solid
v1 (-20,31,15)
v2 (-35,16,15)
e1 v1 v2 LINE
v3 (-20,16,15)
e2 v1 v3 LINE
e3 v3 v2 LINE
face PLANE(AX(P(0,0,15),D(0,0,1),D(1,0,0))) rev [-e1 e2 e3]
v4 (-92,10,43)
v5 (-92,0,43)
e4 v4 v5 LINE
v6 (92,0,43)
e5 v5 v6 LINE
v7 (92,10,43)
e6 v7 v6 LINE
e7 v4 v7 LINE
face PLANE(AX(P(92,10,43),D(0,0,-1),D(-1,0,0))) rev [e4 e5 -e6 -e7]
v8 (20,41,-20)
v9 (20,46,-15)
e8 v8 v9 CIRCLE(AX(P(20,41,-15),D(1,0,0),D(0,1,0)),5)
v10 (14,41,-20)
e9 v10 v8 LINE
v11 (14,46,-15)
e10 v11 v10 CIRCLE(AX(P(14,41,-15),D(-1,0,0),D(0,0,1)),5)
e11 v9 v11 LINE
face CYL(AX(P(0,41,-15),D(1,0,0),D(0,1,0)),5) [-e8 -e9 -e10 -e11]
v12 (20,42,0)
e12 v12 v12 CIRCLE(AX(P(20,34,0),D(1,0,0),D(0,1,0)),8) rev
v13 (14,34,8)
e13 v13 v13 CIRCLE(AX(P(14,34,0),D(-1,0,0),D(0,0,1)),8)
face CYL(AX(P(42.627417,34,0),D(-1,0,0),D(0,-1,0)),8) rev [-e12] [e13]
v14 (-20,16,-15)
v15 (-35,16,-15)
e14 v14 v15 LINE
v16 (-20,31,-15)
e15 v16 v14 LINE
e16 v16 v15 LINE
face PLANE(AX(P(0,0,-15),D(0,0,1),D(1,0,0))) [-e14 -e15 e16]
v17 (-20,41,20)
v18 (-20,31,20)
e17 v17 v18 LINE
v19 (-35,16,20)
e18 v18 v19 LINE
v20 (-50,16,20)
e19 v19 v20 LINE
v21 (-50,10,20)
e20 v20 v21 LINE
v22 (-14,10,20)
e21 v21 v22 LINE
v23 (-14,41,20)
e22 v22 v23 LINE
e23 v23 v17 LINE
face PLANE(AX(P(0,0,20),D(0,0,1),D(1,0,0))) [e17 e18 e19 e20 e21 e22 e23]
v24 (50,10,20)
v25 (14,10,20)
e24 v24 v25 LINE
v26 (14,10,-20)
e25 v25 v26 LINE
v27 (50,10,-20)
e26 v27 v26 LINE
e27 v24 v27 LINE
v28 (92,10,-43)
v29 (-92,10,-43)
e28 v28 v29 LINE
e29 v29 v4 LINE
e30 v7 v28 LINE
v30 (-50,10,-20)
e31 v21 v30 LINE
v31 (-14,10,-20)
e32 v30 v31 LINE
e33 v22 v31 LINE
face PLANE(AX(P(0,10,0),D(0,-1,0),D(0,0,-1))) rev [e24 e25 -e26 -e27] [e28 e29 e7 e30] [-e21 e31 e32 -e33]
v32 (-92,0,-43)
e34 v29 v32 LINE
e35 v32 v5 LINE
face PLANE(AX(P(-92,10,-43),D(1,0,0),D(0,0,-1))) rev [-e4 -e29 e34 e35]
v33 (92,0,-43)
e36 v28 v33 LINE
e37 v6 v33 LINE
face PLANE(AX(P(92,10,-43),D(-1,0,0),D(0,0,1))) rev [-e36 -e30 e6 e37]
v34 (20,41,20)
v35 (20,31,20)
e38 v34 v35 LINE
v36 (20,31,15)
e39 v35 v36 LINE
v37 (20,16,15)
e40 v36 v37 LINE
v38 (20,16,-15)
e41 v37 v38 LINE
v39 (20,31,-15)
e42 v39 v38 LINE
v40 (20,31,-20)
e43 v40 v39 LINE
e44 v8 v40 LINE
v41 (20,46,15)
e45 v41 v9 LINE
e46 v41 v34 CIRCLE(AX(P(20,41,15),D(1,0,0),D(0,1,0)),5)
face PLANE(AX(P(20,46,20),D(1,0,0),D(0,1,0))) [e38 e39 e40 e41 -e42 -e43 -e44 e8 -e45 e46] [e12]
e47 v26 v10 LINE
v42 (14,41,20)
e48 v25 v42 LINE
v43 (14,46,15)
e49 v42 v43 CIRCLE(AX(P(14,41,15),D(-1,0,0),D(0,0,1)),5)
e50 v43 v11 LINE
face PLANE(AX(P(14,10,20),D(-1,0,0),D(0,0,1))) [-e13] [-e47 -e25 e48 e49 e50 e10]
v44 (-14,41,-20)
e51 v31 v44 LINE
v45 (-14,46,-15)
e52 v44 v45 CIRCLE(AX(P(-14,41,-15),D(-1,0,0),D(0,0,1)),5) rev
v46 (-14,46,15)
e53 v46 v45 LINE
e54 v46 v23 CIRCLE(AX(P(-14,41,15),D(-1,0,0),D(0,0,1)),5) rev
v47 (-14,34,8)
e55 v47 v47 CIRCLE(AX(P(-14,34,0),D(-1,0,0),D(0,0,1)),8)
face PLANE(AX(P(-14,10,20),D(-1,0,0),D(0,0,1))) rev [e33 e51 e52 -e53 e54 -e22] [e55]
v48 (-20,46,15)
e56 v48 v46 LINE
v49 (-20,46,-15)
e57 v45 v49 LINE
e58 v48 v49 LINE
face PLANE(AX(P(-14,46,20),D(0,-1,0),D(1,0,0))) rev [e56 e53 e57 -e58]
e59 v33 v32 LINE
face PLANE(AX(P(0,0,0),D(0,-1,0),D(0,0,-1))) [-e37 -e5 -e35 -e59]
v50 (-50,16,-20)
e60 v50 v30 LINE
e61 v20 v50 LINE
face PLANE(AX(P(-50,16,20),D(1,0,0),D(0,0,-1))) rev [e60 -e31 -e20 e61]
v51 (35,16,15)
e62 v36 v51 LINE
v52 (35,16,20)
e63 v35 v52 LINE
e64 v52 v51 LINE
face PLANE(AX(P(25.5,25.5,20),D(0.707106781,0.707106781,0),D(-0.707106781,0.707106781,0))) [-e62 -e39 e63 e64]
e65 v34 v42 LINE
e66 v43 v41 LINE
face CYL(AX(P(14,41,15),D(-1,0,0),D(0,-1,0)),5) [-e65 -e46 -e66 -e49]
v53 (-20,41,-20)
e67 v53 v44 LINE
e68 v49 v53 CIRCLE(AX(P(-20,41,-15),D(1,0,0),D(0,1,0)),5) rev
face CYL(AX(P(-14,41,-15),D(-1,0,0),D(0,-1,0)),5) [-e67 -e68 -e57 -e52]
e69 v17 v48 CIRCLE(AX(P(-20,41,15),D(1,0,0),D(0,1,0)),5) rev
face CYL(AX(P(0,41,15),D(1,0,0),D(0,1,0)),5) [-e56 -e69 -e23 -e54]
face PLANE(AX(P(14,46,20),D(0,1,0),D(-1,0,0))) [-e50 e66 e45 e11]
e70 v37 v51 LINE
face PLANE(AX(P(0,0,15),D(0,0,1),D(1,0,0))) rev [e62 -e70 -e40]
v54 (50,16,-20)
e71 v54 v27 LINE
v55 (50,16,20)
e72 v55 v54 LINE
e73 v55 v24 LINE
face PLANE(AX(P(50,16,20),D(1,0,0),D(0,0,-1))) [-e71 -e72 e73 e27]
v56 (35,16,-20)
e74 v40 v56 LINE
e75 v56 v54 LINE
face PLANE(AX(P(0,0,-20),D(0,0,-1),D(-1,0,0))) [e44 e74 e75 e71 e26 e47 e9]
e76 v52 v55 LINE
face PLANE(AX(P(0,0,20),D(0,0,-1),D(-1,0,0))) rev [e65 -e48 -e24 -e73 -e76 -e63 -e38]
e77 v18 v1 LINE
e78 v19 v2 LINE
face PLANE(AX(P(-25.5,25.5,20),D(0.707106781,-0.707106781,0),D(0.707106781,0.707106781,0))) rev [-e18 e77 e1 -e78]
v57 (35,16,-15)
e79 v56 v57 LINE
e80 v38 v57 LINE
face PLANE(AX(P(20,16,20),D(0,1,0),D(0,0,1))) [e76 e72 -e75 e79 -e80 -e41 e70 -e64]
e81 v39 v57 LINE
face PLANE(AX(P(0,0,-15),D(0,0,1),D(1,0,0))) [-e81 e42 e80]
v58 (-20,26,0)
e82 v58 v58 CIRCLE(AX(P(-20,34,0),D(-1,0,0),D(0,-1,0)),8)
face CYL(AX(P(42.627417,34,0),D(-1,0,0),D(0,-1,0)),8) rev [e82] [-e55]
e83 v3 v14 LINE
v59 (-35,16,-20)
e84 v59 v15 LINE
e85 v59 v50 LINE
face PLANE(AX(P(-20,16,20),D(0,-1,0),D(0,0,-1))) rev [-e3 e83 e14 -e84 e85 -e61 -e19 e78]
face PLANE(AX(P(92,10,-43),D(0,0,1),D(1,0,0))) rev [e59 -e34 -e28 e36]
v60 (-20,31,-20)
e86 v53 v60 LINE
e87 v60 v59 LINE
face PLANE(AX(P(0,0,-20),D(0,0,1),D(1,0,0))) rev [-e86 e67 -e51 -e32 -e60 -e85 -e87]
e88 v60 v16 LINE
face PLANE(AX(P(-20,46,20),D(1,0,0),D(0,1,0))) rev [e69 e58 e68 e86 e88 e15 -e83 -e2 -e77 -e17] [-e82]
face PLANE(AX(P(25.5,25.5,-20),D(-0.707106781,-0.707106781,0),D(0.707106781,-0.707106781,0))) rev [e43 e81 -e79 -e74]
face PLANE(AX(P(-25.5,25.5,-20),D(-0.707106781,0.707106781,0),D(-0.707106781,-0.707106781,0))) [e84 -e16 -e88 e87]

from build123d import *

# Parameters (mm, degrees)
SKETCH1_W           = 184
SKETCH1_H           = 86
PLATE_DEPTH         = 10
BOSS_EXTRUDE1_DEPTH = 20
BOSS_EXTRUDE2_START = 15
BOSS_EXTRUDE2_DEPTH = 5
BOSS_EXTRUDE3_START = -15
BOSS_EXTRUDE3_DEPTH = 5
SKETCH3_R           = 8
CUT_EXTRUDE1_DEPTH  = 40
FILLET1_R           = 5


with BuildPart() as part:
    # Sketch1 → plate (new body)
    with BuildSketch(Plane(origin=(0, 0, 0), x_dir=(1, 0, 0), z_dir=(0, 1, 0))):
        Rectangle(SKETCH1_W, SKETCH1_H)
    extrude(amount=PLATE_DEPTH)

    # Sketch2 → Boss-Extrude1 (add, symmetric)
    with BuildSketch(Plane.XY):
        Polygon((-14, 10), (-14, 46), (-20, 46), (-20, 16), (-50, 16), (-50, 10), align=None)
        Polygon((50, 16), (50, 10), (14, 10), (14, 46), (20, 46), (20, 16), align=None)
    extrude(amount=BOSS_EXTRUDE1_DEPTH, both=True)

    # Sketch2<3> → Boss-Extrude2 (add)
    with BuildSketch(Plane.XY.offset(BOSS_EXTRUDE2_START)):
        Polygon((-20, 16), (-20, 31), (-35, 16), align=None)
        Polygon((35, 16), (20, 31), (20, 16), align=None)
    extrude(amount=BOSS_EXTRUDE2_DEPTH)

    # Sketch2<4> → Boss-Extrude3 (add)
    with BuildSketch(Plane.XY.offset(BOSS_EXTRUDE3_START)):
        Polygon((-20, 16), (-20, 31), (-35, 16), align=None)
        Polygon((35, 16), (20, 31), (20, 16), align=None)
    extrude(amount=-BOSS_EXTRUDE3_DEPTH)

    # Sketch3 → Cut-Extrude1 (cut)
    with BuildSketch(Plane.ZY.offset(20)):
        with Locations((0, 34)):
            Circle(SKETCH3_R)
    extrude(amount=-CUT_EXTRUDE1_DEPTH, mode=Mode.SUBTRACT)

    # Fillet1
    fillet1_edges = [part.edges().sort_by_distance(p)[0] for p in [
        (-17, 46, -20),
        (-17, 46, 20),
        (17, 46, 20),
        (17, 46, -20),
    ]]
    fillet(fillet1_edges, radius=FILLET1_R)


solid = part.part
